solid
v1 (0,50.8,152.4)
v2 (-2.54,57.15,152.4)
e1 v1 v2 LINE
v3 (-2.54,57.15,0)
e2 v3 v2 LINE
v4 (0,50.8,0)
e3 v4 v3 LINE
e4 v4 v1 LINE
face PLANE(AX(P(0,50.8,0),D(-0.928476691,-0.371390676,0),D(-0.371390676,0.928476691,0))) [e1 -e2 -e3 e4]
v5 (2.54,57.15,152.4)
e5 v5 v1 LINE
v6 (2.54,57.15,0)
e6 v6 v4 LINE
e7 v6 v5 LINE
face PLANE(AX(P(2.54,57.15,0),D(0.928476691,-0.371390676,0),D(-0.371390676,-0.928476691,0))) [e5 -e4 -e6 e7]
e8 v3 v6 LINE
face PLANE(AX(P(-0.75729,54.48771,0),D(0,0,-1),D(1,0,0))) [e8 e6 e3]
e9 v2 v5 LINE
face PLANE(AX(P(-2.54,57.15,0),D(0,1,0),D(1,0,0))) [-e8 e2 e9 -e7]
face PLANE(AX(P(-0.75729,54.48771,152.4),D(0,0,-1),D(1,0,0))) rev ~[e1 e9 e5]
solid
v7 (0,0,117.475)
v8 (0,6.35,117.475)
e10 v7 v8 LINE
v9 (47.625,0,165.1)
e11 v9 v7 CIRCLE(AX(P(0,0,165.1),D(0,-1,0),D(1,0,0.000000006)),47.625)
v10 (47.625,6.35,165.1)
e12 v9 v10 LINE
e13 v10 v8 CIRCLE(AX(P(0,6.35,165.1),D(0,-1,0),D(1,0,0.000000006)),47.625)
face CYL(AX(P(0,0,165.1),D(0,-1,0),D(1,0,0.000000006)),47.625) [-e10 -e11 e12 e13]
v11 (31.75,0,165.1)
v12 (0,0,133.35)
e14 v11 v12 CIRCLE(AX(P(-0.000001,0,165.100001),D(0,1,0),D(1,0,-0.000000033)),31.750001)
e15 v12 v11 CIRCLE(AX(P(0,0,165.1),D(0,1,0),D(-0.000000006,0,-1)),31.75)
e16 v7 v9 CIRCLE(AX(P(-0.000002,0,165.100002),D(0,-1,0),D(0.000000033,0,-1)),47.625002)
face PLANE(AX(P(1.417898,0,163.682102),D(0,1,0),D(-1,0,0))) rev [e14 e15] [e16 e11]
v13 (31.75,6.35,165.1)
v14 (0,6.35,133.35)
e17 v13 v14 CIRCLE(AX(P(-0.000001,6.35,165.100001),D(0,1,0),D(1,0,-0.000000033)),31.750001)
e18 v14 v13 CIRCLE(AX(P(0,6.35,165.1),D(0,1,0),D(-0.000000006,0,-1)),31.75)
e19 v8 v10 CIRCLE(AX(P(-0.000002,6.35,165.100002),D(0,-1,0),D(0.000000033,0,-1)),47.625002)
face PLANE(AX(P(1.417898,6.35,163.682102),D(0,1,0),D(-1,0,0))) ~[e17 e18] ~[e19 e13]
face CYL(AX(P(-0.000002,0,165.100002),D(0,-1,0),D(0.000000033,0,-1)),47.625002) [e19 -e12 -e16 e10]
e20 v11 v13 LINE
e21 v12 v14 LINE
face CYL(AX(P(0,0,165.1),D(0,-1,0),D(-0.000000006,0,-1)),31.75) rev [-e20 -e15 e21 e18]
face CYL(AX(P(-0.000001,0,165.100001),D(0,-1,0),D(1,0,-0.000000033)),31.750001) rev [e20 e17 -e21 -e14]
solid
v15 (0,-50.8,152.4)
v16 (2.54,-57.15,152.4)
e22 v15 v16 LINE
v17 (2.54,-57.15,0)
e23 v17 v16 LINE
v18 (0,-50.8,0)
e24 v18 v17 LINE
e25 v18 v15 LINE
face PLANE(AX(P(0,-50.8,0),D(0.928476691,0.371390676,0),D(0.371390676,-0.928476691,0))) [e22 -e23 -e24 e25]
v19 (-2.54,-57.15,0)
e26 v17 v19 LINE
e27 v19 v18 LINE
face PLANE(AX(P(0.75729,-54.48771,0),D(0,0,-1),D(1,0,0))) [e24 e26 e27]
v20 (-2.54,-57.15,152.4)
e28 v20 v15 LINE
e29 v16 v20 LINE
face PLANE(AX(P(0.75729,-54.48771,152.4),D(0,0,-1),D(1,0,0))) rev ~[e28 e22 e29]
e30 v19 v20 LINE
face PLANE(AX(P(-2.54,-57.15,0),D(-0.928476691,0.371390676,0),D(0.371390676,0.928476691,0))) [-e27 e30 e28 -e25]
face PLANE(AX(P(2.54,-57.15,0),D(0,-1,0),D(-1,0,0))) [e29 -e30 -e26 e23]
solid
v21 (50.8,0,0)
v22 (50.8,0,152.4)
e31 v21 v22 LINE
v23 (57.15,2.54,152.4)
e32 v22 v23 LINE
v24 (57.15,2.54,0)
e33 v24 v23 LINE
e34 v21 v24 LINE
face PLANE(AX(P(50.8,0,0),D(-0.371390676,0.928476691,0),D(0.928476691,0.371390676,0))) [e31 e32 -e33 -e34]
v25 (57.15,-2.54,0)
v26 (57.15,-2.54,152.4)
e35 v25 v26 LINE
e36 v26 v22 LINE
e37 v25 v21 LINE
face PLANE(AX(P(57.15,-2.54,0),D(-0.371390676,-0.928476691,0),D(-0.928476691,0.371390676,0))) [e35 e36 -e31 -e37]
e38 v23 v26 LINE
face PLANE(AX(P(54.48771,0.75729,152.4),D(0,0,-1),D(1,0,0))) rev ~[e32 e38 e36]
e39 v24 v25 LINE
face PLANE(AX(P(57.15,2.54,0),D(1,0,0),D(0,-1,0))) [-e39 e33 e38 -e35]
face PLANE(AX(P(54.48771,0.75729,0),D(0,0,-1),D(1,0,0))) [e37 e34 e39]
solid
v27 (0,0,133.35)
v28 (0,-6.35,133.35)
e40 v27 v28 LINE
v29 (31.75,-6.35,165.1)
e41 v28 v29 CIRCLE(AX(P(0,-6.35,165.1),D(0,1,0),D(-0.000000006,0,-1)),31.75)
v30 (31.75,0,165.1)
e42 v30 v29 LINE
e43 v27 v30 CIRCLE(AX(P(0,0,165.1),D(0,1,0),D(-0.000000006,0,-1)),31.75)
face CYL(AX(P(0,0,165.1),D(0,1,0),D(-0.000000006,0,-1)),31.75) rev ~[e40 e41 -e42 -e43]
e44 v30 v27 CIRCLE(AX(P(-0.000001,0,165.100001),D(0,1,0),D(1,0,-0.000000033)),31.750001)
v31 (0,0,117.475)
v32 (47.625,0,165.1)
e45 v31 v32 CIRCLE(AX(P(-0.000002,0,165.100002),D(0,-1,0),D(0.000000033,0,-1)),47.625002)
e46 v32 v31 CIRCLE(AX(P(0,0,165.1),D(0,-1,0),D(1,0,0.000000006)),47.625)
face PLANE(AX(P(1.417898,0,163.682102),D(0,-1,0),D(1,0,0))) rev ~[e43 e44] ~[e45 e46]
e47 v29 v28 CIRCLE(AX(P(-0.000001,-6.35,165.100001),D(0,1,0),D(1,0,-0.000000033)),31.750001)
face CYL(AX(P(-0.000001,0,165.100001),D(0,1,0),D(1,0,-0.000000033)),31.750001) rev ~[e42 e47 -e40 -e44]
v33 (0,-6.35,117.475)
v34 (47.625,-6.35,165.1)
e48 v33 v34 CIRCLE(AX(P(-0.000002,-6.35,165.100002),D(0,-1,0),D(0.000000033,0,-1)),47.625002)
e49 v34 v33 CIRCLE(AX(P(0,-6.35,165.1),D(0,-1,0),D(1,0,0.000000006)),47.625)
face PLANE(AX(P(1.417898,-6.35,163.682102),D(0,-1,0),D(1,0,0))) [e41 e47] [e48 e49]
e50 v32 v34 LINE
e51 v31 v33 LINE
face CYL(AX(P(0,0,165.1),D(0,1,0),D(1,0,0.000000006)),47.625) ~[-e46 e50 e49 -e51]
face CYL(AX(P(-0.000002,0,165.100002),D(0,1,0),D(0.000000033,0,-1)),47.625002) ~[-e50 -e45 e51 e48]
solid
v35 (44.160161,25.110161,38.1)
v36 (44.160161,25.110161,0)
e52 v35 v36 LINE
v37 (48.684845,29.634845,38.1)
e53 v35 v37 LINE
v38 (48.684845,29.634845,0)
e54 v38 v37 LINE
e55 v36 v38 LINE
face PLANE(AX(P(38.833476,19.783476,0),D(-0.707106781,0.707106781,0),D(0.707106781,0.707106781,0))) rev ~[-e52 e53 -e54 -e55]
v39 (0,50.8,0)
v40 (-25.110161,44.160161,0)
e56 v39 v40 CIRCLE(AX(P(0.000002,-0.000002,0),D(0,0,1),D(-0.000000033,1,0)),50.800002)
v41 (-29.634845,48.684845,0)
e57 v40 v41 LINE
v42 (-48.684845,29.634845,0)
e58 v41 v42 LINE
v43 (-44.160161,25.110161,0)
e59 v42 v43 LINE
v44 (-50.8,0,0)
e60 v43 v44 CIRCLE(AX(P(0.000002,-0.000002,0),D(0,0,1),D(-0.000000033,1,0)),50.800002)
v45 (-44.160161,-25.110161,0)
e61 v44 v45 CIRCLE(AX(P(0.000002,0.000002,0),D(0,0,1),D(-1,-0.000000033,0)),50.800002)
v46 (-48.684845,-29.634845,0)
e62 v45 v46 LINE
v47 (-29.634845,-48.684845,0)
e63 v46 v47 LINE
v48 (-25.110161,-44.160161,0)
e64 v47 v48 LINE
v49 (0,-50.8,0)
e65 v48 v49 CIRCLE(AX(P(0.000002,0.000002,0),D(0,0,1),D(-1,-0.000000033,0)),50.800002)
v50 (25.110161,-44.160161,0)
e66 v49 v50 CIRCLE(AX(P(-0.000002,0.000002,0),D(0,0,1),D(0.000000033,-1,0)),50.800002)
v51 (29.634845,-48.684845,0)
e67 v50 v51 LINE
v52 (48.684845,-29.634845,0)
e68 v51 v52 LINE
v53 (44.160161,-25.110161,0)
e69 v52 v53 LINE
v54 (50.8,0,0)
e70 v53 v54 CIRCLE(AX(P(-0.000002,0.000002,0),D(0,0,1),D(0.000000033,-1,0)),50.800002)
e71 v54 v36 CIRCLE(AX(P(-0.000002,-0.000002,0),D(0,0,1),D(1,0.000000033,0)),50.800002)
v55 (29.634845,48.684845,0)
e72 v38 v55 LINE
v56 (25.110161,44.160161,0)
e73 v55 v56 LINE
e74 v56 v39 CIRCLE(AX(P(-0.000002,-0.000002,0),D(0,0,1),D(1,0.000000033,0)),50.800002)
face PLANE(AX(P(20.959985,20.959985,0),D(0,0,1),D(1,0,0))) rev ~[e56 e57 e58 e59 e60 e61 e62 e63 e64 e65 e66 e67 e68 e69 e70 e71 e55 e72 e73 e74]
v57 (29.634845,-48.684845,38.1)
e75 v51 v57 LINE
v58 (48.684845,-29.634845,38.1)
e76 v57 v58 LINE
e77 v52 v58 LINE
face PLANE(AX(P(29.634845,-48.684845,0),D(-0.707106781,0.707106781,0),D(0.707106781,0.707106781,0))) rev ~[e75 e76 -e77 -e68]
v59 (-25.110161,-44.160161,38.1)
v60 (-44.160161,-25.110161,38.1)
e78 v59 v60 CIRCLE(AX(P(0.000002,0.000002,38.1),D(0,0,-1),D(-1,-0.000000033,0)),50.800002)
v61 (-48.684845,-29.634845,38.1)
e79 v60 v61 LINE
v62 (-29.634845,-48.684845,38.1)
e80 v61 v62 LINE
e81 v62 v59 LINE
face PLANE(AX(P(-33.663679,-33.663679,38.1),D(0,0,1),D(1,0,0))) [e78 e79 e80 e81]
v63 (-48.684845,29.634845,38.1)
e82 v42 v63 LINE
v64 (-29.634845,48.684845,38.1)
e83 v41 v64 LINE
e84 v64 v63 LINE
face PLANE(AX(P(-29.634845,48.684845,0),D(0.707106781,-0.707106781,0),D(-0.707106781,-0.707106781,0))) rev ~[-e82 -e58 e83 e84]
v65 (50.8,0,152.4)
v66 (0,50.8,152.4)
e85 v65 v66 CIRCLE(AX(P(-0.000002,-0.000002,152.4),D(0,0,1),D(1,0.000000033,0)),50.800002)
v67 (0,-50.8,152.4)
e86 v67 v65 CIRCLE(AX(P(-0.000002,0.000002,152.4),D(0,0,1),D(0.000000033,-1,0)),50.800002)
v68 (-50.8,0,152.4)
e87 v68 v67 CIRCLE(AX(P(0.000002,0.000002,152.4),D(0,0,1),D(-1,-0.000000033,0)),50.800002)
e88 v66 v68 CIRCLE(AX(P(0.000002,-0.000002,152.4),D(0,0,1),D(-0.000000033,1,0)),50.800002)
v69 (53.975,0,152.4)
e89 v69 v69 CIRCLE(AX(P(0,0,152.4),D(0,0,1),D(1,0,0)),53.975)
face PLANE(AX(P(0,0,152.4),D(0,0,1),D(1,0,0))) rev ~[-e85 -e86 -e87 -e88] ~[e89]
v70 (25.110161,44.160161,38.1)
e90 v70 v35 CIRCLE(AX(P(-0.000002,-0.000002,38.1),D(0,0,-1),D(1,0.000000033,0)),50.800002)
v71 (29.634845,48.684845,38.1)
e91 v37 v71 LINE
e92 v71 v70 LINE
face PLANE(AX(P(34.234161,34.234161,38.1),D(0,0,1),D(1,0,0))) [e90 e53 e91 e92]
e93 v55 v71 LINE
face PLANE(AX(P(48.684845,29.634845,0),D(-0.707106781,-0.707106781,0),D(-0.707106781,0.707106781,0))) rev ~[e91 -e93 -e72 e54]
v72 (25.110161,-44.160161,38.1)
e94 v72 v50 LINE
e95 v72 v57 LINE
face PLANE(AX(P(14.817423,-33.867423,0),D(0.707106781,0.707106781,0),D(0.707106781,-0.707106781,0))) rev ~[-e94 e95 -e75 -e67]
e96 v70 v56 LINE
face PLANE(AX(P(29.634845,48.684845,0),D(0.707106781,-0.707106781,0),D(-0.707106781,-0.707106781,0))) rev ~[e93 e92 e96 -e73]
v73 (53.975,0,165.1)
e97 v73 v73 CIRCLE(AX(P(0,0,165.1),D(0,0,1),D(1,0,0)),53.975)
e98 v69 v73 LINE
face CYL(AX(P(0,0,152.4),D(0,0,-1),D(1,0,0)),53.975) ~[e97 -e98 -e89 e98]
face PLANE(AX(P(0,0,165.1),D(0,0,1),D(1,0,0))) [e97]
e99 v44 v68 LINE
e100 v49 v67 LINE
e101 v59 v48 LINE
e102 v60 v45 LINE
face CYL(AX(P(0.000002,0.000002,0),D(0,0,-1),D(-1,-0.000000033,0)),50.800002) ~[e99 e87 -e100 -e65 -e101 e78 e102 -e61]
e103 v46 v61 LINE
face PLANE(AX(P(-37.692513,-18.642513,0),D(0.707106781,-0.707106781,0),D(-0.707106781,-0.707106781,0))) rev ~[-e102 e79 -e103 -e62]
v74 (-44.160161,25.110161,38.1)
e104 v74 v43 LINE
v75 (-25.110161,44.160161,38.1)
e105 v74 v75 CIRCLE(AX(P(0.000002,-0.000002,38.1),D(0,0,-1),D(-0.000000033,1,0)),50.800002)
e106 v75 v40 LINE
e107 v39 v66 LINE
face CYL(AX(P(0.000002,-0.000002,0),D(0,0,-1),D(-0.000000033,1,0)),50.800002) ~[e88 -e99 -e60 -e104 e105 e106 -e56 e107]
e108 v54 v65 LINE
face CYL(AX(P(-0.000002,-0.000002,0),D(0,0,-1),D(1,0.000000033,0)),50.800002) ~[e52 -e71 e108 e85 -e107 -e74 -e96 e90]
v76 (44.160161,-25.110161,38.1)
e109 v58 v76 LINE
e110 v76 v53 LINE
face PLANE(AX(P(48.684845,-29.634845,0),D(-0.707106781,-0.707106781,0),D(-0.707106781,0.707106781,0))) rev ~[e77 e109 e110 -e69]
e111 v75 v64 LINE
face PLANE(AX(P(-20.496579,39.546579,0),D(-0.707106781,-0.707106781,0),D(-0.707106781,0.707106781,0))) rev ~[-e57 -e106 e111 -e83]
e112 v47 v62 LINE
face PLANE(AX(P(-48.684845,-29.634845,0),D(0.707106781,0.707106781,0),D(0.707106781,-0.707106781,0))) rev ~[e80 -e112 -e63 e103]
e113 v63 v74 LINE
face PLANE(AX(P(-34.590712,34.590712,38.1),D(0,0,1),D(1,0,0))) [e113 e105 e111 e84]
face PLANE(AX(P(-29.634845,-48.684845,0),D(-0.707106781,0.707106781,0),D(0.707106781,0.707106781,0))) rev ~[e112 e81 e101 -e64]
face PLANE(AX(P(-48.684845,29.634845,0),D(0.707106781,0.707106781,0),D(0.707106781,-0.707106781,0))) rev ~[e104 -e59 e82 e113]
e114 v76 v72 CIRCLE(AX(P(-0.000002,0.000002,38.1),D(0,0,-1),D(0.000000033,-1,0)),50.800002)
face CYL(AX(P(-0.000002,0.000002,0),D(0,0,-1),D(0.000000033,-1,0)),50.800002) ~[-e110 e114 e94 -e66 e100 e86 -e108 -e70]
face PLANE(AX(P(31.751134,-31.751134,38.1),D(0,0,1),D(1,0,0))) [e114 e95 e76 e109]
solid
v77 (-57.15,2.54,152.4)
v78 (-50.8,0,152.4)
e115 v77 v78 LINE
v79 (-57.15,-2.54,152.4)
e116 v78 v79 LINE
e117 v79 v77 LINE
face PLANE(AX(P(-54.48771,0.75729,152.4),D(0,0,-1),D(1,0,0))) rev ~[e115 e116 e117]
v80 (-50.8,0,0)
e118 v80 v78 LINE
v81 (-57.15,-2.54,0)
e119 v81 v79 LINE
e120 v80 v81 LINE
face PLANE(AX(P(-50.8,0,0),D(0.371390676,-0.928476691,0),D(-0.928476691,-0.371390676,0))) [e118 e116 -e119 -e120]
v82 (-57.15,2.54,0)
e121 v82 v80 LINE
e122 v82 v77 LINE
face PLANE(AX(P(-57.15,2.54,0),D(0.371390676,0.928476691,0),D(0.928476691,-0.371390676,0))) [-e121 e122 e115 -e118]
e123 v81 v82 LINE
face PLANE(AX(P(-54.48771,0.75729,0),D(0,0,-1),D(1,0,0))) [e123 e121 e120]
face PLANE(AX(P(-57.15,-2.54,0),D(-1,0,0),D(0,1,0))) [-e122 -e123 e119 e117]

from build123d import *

# Parameters (mm, degrees)
F1_DEPTH  = 152.4
F4_DEPTH  = 38.1
F2_R      = 53.975
F5_DEPTH  = 12.7
F7_DEPTH  = 6.35
F10_DEPTH = 152.4


with BuildPart() as f1:
    # F0 (on Top) → F1 (new body)
    with BuildSketch(Plane.XY):
        with BuildLine():
            Line((0, 0), (50.8, 0))
            ThreePointArc((50.8, 0), (35.921024, 35.921024), (0, 50.8))
            Line((0, 50.8), (0, 0))
        make_face()
        with BuildLine():
            ThreePointArc((-50.8, 0), (-35.921024, -35.921024), (0, -50.8))
            Line((0, -50.8), (0, 0))
            Line((0, 0), (-50.8, 0))
        make_face()
        with BuildLine():
            ThreePointArc((0, -50.8), (35.921024, -35.921024), (50.8, 0))
            Line((50.8, 0), (0, 0))
            Line((0, 0), (0, -50.8))
        make_face()
        with BuildLine():
            Line((0, 0), (0, 50.8))
            ThreePointArc((0, 50.8), (-35.921024, 35.921024), (-50.8, 0))
            Line((-50.8, 0), (0, 0))
        make_face()
    extrude(amount=F1_DEPTH)

    # F3 (on Top) → F4 (join)
    with BuildSketch(Plane.XY):
        Polygon((-39.546579, 20.496579), (-20.496579, 39.546579), (-29.634845, 48.684845), (-48.684845, 29.634845), align=None)
        Polygon((29.634845, 48.684845), (19.783476, 38.833476), (38.833476, 19.783476), (48.684845, 29.634845), align=None)
        Polygon((-29.634845, -48.684845), (-18.642513, -37.692513), (-37.692513, -18.642513), (-48.684845, -29.634845), align=None)
        Polygon((33.867423, -14.817423), (14.817423, -33.867423), (29.634845, -48.684845), (48.684845, -29.634845), align=None)
    extrude(amount=F4_DEPTH)

    # F2 (on face) → F5 (join)
    with BuildSketch(Plane.XY.offset(152.4)):
        Circle(F2_R)
    extrude(amount=F5_DEPTH)


with BuildPart() as f7:
    # F6 (on Front) → F7 (new body)
    with BuildSketch(Plane.XZ):
        with BuildLine():
            ThreePointArc((31.75, 165.1), (-22.45064, 187.55064), (0, 133.35))
            ThreePointArc((0, 133.35), (22.45064, 142.64936), (31.75, 165.1))
        make_face()
        with BuildLine():
            ThreePointArc((47.625, 165.1), (-33.67596, 198.77596), (0, 117.475))
            ThreePointArc((0, 117.475), (33.67596, 131.42404), (47.625, 165.1))
        make_face()
        with BuildLine():
            ThreePointArc((31.75, 165.1), (22.45064, 142.64936), (0, 133.35))
            ThreePointArc((0, 133.35), (-22.45064, 187.55064), (31.75, 165.1))
        make_face(mode=Mode.SUBTRACT)
    extrude(amount=F7_DEPTH)


with BuildPart() as f8_1:
    # F8: instance of F7
    add(f7.part.mirror(Plane.XZ))


with BuildPart() as f10:
    # F9 (on face) → F10 (new body)
    with BuildSketch(Plane(origin=(0, 0, 0), x_dir=(1, 0, 0), z_dir=(0, 0, -1))):
        Polygon((0, -57.15), (0, -50.8), (-2.54, -57.15), align=None)
        Polygon((2.54, -57.15), (0, -50.8), (0, -57.15), align=None)
        Polygon((57.15, 0), (50.8, 0), (57.15, -2.54), align=None)
        Polygon((57.15, 2.54), (50.8, 0), (57.15, 0), align=None)
        Polygon((0, 57.15), (0, 50.8), (2.54, 57.15), align=None)
        Polygon((-2.54, 57.15), (0, 50.8), (0, 57.15), align=None)
        Polygon((-57.15, -2.54), (-50.8, 0), (-57.15, 0), align=None)
        Polygon((-57.15, 0), (-50.8, 0), (-57.15, 2.54), align=None)
    extrude(amount=-F10_DEPTH)


solid = Compound([f1.part, f7.part, f8_1.part, f10.part])
